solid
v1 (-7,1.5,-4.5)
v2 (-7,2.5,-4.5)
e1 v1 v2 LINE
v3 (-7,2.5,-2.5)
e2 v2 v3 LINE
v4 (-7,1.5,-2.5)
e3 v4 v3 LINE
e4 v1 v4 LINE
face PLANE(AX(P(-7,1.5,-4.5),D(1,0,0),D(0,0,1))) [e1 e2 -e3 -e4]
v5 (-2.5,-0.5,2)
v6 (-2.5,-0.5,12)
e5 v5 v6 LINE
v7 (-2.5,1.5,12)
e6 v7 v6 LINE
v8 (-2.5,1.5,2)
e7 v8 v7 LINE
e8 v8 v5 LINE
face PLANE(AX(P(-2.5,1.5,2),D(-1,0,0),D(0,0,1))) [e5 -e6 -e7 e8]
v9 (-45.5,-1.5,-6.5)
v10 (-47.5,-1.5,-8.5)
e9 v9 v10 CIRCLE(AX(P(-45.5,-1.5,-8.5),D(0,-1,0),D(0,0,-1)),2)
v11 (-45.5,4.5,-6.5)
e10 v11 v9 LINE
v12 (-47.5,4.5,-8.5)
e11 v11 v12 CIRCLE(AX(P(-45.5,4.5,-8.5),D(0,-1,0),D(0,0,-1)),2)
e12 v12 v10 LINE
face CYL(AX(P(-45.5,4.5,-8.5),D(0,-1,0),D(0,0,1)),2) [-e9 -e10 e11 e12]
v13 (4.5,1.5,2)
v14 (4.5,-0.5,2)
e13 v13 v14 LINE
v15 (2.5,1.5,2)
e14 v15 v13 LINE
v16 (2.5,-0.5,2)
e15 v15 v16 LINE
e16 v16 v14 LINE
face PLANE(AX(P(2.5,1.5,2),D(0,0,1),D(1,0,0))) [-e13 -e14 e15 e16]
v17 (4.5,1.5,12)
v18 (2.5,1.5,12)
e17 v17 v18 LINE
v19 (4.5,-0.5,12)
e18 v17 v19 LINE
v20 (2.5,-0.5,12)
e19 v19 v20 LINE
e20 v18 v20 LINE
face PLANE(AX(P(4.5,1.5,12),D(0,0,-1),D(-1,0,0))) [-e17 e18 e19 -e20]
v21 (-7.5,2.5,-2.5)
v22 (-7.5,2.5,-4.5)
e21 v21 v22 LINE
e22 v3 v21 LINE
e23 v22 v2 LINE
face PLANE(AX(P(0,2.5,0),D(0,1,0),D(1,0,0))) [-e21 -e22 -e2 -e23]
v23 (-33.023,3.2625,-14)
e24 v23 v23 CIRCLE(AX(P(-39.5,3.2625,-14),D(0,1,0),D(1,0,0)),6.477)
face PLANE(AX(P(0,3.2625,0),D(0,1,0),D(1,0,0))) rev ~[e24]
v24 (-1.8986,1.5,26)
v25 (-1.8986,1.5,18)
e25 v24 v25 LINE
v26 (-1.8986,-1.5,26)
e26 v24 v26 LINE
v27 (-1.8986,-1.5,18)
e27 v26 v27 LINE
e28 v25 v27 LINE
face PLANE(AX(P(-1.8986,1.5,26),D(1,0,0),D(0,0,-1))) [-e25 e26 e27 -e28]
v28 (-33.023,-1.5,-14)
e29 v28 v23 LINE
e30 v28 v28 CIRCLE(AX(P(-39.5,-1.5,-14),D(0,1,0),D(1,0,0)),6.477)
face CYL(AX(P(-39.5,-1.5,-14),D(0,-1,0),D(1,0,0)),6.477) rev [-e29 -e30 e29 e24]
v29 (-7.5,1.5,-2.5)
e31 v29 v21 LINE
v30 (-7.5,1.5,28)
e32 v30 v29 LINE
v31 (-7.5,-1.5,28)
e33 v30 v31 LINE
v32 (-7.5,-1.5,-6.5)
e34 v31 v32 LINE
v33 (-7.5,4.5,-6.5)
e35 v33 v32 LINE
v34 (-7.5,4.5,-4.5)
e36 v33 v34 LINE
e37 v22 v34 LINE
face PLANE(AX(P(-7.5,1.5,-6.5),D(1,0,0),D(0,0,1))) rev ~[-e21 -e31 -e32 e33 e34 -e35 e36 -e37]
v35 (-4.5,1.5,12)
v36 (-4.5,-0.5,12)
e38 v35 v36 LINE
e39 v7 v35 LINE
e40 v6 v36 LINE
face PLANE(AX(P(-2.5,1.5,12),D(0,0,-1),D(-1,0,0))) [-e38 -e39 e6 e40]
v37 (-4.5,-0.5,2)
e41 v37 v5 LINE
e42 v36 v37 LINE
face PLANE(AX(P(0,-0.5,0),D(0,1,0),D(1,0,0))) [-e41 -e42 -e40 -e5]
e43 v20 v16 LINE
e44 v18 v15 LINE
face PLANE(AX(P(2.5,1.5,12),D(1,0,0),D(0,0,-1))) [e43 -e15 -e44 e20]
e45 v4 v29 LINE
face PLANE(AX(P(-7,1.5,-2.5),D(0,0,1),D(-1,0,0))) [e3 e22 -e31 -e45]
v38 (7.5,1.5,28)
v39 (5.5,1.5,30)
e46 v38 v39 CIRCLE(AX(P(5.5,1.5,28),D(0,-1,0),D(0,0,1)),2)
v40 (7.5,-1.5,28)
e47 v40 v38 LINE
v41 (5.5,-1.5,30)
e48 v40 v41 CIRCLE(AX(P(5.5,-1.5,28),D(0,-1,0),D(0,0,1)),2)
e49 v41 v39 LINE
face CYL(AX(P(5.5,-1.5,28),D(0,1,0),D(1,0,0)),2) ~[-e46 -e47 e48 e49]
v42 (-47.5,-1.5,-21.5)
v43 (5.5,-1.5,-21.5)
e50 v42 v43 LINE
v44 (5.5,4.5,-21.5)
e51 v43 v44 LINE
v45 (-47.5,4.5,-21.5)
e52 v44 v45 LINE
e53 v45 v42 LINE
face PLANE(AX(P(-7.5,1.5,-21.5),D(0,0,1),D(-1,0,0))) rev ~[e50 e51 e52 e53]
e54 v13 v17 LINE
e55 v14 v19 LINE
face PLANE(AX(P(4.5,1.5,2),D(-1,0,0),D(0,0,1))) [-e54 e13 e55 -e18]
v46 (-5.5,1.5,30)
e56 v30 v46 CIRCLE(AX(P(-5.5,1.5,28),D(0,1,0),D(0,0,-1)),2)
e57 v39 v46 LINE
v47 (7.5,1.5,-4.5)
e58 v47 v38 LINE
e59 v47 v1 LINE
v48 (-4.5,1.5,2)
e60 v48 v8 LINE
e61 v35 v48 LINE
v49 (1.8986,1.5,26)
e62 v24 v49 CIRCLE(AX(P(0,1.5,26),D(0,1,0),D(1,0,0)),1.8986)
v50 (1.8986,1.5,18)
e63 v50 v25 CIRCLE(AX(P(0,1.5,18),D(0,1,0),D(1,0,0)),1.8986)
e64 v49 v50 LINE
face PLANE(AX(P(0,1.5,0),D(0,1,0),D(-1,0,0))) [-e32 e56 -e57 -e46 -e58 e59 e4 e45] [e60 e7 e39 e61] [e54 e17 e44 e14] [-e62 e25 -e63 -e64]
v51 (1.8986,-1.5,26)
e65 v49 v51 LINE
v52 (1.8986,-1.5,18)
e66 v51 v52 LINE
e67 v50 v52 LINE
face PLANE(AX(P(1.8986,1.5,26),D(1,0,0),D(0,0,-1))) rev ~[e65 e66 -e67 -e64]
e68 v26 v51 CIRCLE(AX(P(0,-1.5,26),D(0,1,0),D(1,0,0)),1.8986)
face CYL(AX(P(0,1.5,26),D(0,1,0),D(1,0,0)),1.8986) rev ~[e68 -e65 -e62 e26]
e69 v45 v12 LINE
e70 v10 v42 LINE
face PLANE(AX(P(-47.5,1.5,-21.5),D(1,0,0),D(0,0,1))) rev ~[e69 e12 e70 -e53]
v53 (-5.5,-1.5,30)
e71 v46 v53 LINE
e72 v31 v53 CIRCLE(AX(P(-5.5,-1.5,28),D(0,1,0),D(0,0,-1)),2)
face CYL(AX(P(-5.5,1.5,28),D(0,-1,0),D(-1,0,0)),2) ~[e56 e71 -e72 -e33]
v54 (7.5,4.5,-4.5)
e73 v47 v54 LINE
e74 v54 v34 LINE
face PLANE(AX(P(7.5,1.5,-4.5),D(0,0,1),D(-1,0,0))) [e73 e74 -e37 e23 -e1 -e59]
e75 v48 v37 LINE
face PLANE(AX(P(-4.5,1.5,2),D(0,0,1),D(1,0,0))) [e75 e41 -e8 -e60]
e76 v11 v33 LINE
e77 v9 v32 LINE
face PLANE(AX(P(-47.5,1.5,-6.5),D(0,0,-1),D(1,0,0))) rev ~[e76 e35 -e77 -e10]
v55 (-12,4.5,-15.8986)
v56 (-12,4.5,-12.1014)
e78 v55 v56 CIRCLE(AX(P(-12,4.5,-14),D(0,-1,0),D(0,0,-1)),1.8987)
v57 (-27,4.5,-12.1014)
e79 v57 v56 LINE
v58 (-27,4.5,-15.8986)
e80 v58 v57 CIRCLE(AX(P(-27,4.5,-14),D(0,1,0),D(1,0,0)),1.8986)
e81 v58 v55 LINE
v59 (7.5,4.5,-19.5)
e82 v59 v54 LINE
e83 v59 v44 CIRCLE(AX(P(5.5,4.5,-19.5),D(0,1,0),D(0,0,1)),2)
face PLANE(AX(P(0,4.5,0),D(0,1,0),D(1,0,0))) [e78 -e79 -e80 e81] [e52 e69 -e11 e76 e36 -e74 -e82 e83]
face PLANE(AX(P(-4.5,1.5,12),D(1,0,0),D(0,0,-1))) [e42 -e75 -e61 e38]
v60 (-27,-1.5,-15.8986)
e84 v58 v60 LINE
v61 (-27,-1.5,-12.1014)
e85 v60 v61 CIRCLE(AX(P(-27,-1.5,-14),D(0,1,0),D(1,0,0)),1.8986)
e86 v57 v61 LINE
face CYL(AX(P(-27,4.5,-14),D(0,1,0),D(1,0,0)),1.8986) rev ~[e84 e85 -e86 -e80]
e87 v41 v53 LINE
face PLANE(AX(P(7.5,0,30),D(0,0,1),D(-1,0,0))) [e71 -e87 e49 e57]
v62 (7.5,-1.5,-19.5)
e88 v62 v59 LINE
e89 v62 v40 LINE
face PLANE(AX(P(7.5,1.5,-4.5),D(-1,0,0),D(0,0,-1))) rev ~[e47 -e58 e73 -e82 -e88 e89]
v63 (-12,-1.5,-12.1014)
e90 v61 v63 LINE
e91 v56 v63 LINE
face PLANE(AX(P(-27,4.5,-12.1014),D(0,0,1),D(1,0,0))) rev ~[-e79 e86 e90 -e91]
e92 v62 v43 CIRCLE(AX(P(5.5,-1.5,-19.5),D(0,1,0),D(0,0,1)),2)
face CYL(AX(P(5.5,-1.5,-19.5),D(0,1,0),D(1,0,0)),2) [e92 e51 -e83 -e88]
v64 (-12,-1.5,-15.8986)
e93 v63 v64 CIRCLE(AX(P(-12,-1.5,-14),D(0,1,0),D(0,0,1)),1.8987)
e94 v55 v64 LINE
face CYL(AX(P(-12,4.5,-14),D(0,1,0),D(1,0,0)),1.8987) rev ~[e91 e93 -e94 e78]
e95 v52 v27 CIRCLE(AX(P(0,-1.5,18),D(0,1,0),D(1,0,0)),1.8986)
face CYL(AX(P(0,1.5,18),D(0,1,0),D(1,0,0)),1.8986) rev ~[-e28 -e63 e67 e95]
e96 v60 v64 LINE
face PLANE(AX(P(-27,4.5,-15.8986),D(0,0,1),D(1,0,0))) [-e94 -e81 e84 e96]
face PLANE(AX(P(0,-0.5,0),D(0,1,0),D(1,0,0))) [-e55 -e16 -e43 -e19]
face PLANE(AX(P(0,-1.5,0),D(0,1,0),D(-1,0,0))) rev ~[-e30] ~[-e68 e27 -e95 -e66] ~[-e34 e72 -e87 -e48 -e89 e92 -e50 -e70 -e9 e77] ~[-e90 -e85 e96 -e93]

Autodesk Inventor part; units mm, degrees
ref_plane "YZ Plane" through (0, 0, 0) normal (1, 0, 0) x (0, 1, 0)
ref_plane "XZ Plane" through (0, 0, 0) normal (0, 1, 0) x (-1, 0, 0)
ref_plane "XY Plane" through (0, 0, 0) normal (0, 0, 1) x (1, 0, 0)
sketch "Sketch1" plane through (0, 0, 0) normal (0, 1, 0) x (-1, 0, 0)
  line L0 (-7.5, 30) -> (7.5, 30)
  line L1 (7.5, 30) -> (7.5, -21.5)
  line L2 (7.5, -21.5) -> (-7.5, -21.5)
  line L3 (-7.5, -21.5) -> (-7.5, 30)
  line L4 (7.5, -21.5) -> (47.5, -21.5)
  line L5 (47.5, -6.5) -> (7.5, -6.5)
  line L6 (47.5, -6.5) -> (47.5, -21.5)
  point P0 (0, 0)
  point P1 (0, -21.5)
  dimension "d30" = 15
  dimension "d31" = 21.5
  dimension "d32" = 30
  dimension "d61" = 15
  dimension "d91" = 40
extrude "Extrusion1" add sketch "Sketch1" along normal mid plane 3
sketch "Sketch4" plane through (0, 1.5, 0) normal (0, 1, 0) x (1, 0, 0)
  line L0 (7.5, 4.5) -> (-7.5, 4.5)
  line L1 (7.5, 4.5) -> (7.5, 14.5)
  line L2 (-7.5, 6.5) -> (-7.5, 4.5)
  line L3 (7.5, -30) -> (7.5, 21.5) projected
  line L4 (-7.5, 6.5) -> (-7.5, -30) projected
  line L5 (-7.5, -30) -> (7.5, -30) projected
  line L6 (7.5, 21.5) -> (-47.5, 21.5) projected
  line L7 (7.5, 21.5) -> (-7.5, 21.5)
  line L8 (-7.5, -30) -> (7.5, -30) projected
  line L9 (7.5, -30) -> (7.5, 21.5) projected
  line L10 (7.5, 21.5) -> (-47.5, 21.5) projected
  line L11 (-47.5, 6.5) -> (-7.5, 6.5) projected
  line L12 (-7.5, 6.5) -> (-7.5, -30) projected
  line L13 (-47.5, 21.5) -> (-47.5, 6.5) projected
  point P0 (0, 0)
  dimension "d89" = 2
extrude "Extrusion3" add sketch "Sketch4" along normal blind 3 contours L0 L2 L11 L13 L6 L3 L1
sketch "Sketch5" plane through (0, 1.5, 0) normal (0, 1, 0) x (1, 0, 0)
  line L0 (-2.5, -12) -> (-4.5, -12)
  line L1 (-4.5, -12) -> (-4.5, -2)
  line L2 (-4.5, -2) -> (-2.5, -2)
  line L3 (-2.5, -2) -> (-2.5, -12)
  line L4 (-2.5, -12) -> (-4.5, -2) construction
  line L5 (-4.5, -12) -> (-2.5, -2) construction
  line L6 (4.5, -12) -> (2.5, -12)
  line L7 (2.5, -12) -> (2.5, -2)
  line L8 (2.5, -2) -> (4.5, -2)
  line L9 (4.5, -2) -> (4.5, -12)
  line L10 (4.5, -12) -> (2.5, -2) construction
  line L11 (2.5, -12) -> (4.5, -2) construction
  line L12 (-3.5, -7) -> (3.5, -7) construction
  line L13 (-7.5, 4.5) -> (7.5, 4.5) projected
  point P0 (0, 0)
  point P1 (0, -7)
  dimension "d24" = 2
  dimension "d25" = 10
  dimension "d26" = 7
  dimension "d90" = 6.5
extrude "Extrusion4" cut sketch "Sketch5" against normal blind 2
sketch "Sketch6" plane through (0, 1.5, 0) normal (0, 1, 0) x (1, 0, 0)
  circle A0 centre (0, -18) radius 1.8986
  circle A1 centre (0, -26) radius 1.8986
  line L0 (1.8986, -26) -> (1.8986, -18)
  line L1 (-1.8986, -26) -> (-1.8986, -18)
  line L2 (-7.5, -30) -> (7.5, -30) projected
  point P0 (0, 0)
  dimension "d33" = 3.7973
  dimension "d36" = 3.7973
  dimension "d37" = 8
  dimension "d68" = 4
extrude "Extrusion5" cut sketch "Sketch6" against normal through all
fillet "Fillet2" radius 2 3 edges at (7.5, 1.5, -21.5) (7.5, 0, 30) (-7.5, 0, 30)
sketch "Sketch8" plane through (0, 1.5, 0) normal (0, 1, 0) x (1, 0, 0)
  line L0 (-7.5, 4.5) -> (7.5, 4.5) projected
  line L1 (-7.5, 4.5) -> (-7, 4.5)
  line L2 (-7, 4.5) -> (-7, 2.5)
  line L3 (-7, 2.5) -> (-7.5, 2.5)
  line L4 (-7.5, 2.5) -> (-7.5, 4.5)
  point P0 (0, 0)
  dimension "d74" = 0.5
  dimension "d75" = 2
extrude "Extrusion6" add sketch "Sketch8" along normal blind 1
sketch "Sketch10" plane through (0, 4.5, 0) normal (0, 1, 0) x (1, 0, 0)
  point P0 (0, 0)
sketch "Sketch11" plane through (0, 4.5, 0) normal (0, 1, 0) x (1, 0, 0)
  circle A0 centre (-27, 14) radius 1.8986
  circle A1 centre (-12, 14) radius 1.8987
  line L0 (-27, 12.1014) -> (-12, 12.1014)
  line L1 (-27, 15.8986) -> (-12, 15.8986)
  line L2 (-19.5, 6.5) -> (-19.5, 21.5) construction
  line L3 (5.5, 21.5) -> (-47.5, 21.5) construction
  line L4 (-47.5, 6.5) -> (-7.5, 6.5) projected
  line L5 (-7.5, 6.5) -> (-7.5, 4.5) projected
  point P0 (0, 0)
  point P1 (-19.5, 14)
  point P2 (-42.5, 21.5)
  point P3 (-19.5, 15.8986)
  dimension "d85" = 3.7973
  dimension "d86" = 15
  dimension "d92" = 12
extrude "Extrusion7" cut sketch "Sketch11" against normal blind 10
sketch "Sketch12" plane through (0, -1.5, 0) normal (0, 1, 0) x (1, 0, 0)
  circle A0 centre (-39.5, 14) radius 6.477
  line L0 (-47.5, 6.5) -> (-7.5, 6.5) construction
  line L1 (-39.5, 6.5) -> (-39.5, 21.5) construction
  line L2 (5.5, 21.5) -> (-47.5, 21.5) construction
  line L3 (-47.5, 6.5) -> (-47.5, 21.5) construction
  point P0 (0, 0)
  point P1 (-42.5, 21.5)
  point P2 (-47.5, 16.5)
  dimension "d93" = 12.954
  dimension "d96" = 8
extrude "Extrusion8" cut sketch "Sketch12" along normal blind 4.7625
fillet "Fillet3" radius 2 1 edges at (-47.5, 1.5, -6.5)
equation "\"d36\" = d33"
properties part number "FiberMount"
